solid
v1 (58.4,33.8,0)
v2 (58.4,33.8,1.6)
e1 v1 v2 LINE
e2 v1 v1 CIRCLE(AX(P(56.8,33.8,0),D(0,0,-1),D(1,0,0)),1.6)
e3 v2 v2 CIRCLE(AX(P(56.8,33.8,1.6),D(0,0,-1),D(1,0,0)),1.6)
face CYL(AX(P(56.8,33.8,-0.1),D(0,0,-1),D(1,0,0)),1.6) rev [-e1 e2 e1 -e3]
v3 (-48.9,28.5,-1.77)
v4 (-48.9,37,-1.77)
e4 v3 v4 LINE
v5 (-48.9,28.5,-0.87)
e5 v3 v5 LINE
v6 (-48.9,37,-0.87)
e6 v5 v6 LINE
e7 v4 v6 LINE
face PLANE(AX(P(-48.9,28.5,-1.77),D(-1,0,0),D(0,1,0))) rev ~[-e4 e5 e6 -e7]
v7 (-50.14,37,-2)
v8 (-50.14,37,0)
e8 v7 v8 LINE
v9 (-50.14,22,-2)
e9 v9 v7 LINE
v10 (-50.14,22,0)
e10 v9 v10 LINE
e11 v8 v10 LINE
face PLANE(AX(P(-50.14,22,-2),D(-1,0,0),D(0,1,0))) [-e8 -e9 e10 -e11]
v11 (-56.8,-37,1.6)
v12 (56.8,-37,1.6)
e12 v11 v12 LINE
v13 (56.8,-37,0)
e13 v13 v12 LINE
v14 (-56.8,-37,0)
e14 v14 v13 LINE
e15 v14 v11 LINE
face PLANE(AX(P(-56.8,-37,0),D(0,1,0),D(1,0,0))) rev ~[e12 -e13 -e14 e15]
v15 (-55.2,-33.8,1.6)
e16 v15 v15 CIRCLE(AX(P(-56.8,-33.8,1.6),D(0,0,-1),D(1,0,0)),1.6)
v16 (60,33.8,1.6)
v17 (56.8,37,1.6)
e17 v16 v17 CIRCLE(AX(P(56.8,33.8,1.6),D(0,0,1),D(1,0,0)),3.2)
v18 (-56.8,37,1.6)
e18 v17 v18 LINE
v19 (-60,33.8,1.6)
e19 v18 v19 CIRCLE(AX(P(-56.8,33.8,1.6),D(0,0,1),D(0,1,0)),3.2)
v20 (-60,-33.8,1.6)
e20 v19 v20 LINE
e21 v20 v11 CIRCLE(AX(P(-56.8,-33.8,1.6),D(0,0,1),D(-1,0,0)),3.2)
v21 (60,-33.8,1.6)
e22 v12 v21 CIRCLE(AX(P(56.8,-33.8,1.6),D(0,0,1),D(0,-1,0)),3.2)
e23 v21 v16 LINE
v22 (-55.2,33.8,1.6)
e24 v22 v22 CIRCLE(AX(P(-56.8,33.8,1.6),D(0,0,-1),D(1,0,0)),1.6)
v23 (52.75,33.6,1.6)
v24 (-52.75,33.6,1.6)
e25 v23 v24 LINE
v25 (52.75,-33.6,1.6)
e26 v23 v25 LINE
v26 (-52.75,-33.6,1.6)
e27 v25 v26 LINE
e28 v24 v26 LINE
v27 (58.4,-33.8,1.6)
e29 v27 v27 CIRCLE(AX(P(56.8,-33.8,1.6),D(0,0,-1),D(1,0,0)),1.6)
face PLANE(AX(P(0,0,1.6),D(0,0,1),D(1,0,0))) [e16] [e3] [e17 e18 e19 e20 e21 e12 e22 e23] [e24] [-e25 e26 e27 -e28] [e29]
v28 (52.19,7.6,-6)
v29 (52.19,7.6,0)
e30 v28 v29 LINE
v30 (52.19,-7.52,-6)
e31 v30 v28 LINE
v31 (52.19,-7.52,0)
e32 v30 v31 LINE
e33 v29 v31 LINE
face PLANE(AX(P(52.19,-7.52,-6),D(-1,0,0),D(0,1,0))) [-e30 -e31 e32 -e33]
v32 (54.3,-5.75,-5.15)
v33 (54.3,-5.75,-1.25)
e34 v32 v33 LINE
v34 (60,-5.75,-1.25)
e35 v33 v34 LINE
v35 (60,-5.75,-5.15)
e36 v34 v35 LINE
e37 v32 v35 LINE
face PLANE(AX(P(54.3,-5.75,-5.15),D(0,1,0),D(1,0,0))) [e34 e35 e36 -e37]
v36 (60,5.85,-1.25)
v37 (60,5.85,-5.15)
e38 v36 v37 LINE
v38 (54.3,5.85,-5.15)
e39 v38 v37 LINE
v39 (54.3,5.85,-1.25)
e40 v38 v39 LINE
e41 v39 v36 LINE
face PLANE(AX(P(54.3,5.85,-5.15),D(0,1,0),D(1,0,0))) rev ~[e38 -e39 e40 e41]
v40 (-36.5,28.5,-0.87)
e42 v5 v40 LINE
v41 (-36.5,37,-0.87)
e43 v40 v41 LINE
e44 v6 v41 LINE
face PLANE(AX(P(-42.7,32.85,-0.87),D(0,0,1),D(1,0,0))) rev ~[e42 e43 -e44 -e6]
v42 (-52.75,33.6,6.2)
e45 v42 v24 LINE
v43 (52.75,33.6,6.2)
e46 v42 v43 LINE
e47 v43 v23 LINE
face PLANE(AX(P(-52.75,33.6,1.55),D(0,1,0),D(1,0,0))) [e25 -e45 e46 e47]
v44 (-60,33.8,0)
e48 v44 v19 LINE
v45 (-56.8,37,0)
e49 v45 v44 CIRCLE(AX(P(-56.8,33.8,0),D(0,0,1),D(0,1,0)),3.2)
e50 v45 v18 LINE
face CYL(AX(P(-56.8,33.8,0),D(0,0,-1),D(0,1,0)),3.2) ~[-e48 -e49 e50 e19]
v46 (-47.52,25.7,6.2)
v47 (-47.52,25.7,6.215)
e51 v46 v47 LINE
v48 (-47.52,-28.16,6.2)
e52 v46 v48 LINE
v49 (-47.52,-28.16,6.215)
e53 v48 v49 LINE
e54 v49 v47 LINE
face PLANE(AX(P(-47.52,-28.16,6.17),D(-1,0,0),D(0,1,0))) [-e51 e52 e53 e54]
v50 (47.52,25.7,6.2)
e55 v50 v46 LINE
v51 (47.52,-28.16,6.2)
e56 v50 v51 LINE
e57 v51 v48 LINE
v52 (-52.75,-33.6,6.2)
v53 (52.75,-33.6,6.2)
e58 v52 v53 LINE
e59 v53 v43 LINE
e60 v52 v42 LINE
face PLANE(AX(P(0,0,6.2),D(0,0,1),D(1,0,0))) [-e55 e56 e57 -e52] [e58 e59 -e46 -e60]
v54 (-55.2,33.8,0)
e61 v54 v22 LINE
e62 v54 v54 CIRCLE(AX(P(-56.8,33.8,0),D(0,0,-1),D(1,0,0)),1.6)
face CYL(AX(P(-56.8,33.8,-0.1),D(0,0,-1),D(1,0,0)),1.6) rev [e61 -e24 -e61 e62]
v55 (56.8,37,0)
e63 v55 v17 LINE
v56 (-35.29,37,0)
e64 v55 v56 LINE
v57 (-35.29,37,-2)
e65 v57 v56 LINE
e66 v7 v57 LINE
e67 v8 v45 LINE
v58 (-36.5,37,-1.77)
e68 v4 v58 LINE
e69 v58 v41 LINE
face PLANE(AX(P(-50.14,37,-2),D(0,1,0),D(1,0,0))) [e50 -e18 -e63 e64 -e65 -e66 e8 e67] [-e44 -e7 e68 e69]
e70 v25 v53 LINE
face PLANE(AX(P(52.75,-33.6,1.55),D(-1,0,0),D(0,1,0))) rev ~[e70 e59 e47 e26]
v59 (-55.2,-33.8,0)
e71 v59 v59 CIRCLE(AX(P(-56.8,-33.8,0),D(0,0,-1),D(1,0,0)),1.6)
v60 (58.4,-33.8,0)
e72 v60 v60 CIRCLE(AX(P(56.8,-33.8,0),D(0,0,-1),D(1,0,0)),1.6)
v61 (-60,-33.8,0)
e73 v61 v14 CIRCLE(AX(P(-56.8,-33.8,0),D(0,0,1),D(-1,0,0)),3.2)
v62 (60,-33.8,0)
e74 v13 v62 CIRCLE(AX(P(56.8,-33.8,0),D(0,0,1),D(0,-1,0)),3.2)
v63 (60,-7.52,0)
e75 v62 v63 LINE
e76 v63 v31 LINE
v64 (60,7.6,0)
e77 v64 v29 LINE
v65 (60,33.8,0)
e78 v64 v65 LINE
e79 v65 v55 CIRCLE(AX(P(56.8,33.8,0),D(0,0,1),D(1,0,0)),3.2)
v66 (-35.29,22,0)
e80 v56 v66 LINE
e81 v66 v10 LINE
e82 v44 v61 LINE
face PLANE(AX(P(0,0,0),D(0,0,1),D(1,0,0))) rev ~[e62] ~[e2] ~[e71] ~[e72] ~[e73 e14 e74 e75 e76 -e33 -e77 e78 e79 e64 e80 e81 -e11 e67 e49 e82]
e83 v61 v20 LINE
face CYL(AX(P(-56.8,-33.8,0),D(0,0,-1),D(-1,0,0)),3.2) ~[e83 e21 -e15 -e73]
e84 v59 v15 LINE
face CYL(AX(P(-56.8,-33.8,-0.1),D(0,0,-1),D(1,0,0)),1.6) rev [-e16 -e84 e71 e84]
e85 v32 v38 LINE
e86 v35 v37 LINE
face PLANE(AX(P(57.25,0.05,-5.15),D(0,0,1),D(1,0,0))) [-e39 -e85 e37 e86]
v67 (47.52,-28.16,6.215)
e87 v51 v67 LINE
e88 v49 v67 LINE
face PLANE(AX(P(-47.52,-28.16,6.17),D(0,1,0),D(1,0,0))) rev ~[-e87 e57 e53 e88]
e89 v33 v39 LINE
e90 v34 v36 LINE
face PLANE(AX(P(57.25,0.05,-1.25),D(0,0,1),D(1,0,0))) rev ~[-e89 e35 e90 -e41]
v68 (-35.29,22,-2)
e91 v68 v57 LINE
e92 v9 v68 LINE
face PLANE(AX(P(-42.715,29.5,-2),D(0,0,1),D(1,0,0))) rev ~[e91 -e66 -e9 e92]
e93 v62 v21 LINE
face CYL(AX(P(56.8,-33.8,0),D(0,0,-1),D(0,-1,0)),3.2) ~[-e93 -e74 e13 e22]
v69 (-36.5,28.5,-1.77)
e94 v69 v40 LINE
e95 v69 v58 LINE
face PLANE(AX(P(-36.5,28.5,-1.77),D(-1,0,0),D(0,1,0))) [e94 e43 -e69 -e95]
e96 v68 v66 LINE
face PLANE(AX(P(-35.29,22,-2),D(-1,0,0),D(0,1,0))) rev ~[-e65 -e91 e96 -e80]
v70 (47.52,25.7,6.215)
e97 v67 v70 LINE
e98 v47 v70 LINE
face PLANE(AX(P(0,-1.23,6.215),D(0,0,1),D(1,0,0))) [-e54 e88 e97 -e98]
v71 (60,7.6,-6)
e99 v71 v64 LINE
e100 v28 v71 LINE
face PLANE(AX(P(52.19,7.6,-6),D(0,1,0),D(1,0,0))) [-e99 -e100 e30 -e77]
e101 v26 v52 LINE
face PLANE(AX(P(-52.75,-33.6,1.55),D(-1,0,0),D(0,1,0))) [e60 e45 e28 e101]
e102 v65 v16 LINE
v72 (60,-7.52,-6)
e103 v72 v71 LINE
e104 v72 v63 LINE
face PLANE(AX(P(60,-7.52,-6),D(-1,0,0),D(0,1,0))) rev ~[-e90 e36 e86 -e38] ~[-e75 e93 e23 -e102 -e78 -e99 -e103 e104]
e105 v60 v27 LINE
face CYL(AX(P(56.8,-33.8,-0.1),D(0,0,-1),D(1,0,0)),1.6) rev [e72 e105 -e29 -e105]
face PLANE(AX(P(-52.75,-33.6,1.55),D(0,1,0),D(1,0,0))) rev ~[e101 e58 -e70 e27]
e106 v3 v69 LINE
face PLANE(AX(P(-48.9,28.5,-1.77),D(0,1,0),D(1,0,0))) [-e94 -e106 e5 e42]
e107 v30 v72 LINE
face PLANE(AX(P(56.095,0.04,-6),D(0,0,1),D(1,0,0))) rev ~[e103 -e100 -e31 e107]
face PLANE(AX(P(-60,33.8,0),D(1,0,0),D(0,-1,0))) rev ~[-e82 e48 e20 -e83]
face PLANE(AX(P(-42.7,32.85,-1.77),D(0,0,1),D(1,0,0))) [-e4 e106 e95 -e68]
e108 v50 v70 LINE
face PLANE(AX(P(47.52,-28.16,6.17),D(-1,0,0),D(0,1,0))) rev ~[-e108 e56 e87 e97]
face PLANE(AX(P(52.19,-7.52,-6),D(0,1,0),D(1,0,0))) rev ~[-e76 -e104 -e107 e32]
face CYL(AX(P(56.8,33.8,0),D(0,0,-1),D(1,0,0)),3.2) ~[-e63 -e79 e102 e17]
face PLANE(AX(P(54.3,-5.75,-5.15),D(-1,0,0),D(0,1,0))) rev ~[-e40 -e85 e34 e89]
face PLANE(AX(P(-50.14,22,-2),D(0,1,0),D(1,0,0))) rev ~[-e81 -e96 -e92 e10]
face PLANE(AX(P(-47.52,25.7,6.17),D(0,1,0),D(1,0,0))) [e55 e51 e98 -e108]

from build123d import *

# Parameters (mm, degrees)
F_120_X_74_PCB_OUTLINE_DEPTH               = 1.6
F_4_START                                  = -0.1
F_4_X_D3_2_PITCH_113_6_X_67_6_PROFILE_R    = 1.6
F_4_X_D3_2_PITCH_113_6_X_67_6_DEPTH        = 1.8
F_105_50_START                             = 1.55
F_105_50_X_67_20_LCD_MODULE_PROFILE_W      = 105.5
F_105_50_X_67_20_LCD_MODULE_PROFILE_H      = 67.2
F_105_50_X_67_20_LCD_MODULE_DEPTH          = 3.45
TOUCH_START                                = 4.98
TOUCH_PANEL_BLACK_BORDER_PROFILE_W         = 105.5
TOUCH_PANEL_BLACK_BORDER_PROFILE_H         = 67.2
TOUCH_PANEL_BLACK_BORDER_DEPTH             = 1.22
VISIBLE_START                              = 6.17
VISIBLE_480_X_272_DISPLAY_AREA_PROFILE_W   = 95.04
VISIBLE_480_X_272_DISPLAY_AREA_PROFILE_H   = 53.86
VISIBLE_480_X_272_DISPLAY_AREA_DEPTH       = 0.045
REAR_START                                 = -6
REAR_4_PIN_UART_CONNECTOR_HOUSING_PROFIL_W = 7.81
REAR_4_PIN_UART_CONNECTOR_HOUSING_PROFIL_H = 15.12
REAR_4_PIN_UART_CONNECTOR_HOUSING_DEPTH    = 6.05
UART_START                                 = -5.15
UART_CONNECTOR_SOCKET_PROFILE_W            = 5.9
UART_CONNECTOR_SOCKET_PROFILE_H            = 11.6
UART_CONNECTOR_SOCKET_DEPTH                = 3.9
REAR_START_2                               = -2
REAR_CARD_HOLDER_PROFILE_W                 = 14.85
REAR_CARD_HOLDER_PROFILE_H                 = 15
REAR_CARD_HOLDER_DEPTH                     = 2.05
CARD_START                                 = -1.77
CARD_OPENING_PROFILE_W                     = 12.4
CARD_OPENING_PROFILE_H                     = 8.7
CARD_OPENING_DEPTH                         = 0.9


with BuildPart() as part:
    # 120 x 74 PCB outline profile → 120 x 74 PCB outline (new body)
    with BuildSketch(Plane.XY):
        with BuildLine():
            Line((-56.8, -37), (56.8, -37))
            ThreePointArc((56.8, -37), (59.0627417, -36.0627417), (60, -33.8))
            Line((60, -33.8), (60, 33.8))
            ThreePointArc((60, 33.8), (59.0627417, 36.0627417), (56.8, 37))
            Line((56.8, 37), (-56.8, 37))
            ThreePointArc((-56.8, 37), (-59.0627417, 36.0627417), (-60, 33.8))
            Line((-60, 33.8), (-60, -33.8))
            ThreePointArc((-60, -33.8), (-59.0627417, -36.0627417), (-56.8, -37))
        make_face()
    extrude(amount=F_120_X_74_PCB_OUTLINE_DEPTH)

    # 4 x D3.2 - pitch 113.6 x 67.6 profile → 4 x D3.2 - pitch 113.6 x 67.6 (cut)
    with BuildSketch(Plane.XY.offset(F_4_START)):
        with Locations((-56.8, -33.8)):
            Circle(F_4_X_D3_2_PITCH_113_6_X_67_6_PROFILE_R)
        with Locations((-56.8, 33.8)):
            Circle(F_4_X_D3_2_PITCH_113_6_X_67_6_PROFILE_R)
        with Locations((56.8, -33.8)):
            Circle(F_4_X_D3_2_PITCH_113_6_X_67_6_PROFILE_R)
        with Locations((56.8, 33.8)):
            Circle(F_4_X_D3_2_PITCH_113_6_X_67_6_PROFILE_R)
    extrude(amount=F_4_X_D3_2_PITCH_113_6_X_67_6_DEPTH, mode=Mode.SUBTRACT)

    # 105.50 x 67.20 LCD module profile → 105.50 x 67.20 LCD module (add)
    with BuildSketch(Plane.XY.offset(F_105_50_START)):
        Rectangle(F_105_50_X_67_20_LCD_MODULE_PROFILE_W, F_105_50_X_67_20_LCD_MODULE_PROFILE_H)
    extrude(amount=F_105_50_X_67_20_LCD_MODULE_DEPTH)

    # Touch panel - black border profile → Touch panel - black border (add)
    with BuildSketch(Plane.XY.offset(TOUCH_START)):
        Rectangle(TOUCH_PANEL_BLACK_BORDER_PROFILE_W, TOUCH_PANEL_BLACK_BORDER_PROFILE_H)
    extrude(amount=TOUCH_PANEL_BLACK_BORDER_DEPTH)

    # Visible 480 x 272 display area profile → Visible 480 x 272 display area (add)
    with BuildSketch(Plane.XY.offset(VISIBLE_START)):
        with Locations((0, -1.23)):
            Rectangle(VISIBLE_480_X_272_DISPLAY_AREA_PROFILE_W, VISIBLE_480_X_272_DISPLAY_AREA_PROFILE_H)
    extrude(amount=VISIBLE_480_X_272_DISPLAY_AREA_DEPTH)

    # Rear 4-pin UART connector housing profile → Rear 4-pin UART connector housing (add)
    with BuildSketch(Plane.XY.offset(REAR_START)):
        with Locations((56.095, 0.04)):
            Rectangle(REAR_4_PIN_UART_CONNECTOR_HOUSING_PROFIL_W, REAR_4_PIN_UART_CONNECTOR_HOUSING_PROFIL_H)
    extrude(amount=REAR_4_PIN_UART_CONNECTOR_HOUSING_DEPTH)

    # UART connector socket profile → UART connector socket (cut)
    with BuildSketch(Plane.XY.offset(UART_START)):
        with Locations((57.25, 0.05)):
            Rectangle(UART_CONNECTOR_SOCKET_PROFILE_W, UART_CONNECTOR_SOCKET_PROFILE_H)
    extrude(amount=UART_CONNECTOR_SOCKET_DEPTH, mode=Mode.SUBTRACT)

    # Rear card holder profile → Rear card holder (add)
    with BuildSketch(Plane.XY.offset(REAR_START_2)):
        with Locations((-42.715, 29.5)):
            Rectangle(REAR_CARD_HOLDER_PROFILE_W, REAR_CARD_HOLDER_PROFILE_H)
    extrude(amount=REAR_CARD_HOLDER_DEPTH)

    # Card opening profile → Card opening (cut)
    with BuildSketch(Plane.XY.offset(CARD_START)):
        with Locations((-42.7, 32.85)):
            Rectangle(CARD_OPENING_PROFILE_W, CARD_OPENING_PROFILE_H)
    extrude(amount=CARD_OPENING_DEPTH, mode=Mode.SUBTRACT)


solid = part.part
